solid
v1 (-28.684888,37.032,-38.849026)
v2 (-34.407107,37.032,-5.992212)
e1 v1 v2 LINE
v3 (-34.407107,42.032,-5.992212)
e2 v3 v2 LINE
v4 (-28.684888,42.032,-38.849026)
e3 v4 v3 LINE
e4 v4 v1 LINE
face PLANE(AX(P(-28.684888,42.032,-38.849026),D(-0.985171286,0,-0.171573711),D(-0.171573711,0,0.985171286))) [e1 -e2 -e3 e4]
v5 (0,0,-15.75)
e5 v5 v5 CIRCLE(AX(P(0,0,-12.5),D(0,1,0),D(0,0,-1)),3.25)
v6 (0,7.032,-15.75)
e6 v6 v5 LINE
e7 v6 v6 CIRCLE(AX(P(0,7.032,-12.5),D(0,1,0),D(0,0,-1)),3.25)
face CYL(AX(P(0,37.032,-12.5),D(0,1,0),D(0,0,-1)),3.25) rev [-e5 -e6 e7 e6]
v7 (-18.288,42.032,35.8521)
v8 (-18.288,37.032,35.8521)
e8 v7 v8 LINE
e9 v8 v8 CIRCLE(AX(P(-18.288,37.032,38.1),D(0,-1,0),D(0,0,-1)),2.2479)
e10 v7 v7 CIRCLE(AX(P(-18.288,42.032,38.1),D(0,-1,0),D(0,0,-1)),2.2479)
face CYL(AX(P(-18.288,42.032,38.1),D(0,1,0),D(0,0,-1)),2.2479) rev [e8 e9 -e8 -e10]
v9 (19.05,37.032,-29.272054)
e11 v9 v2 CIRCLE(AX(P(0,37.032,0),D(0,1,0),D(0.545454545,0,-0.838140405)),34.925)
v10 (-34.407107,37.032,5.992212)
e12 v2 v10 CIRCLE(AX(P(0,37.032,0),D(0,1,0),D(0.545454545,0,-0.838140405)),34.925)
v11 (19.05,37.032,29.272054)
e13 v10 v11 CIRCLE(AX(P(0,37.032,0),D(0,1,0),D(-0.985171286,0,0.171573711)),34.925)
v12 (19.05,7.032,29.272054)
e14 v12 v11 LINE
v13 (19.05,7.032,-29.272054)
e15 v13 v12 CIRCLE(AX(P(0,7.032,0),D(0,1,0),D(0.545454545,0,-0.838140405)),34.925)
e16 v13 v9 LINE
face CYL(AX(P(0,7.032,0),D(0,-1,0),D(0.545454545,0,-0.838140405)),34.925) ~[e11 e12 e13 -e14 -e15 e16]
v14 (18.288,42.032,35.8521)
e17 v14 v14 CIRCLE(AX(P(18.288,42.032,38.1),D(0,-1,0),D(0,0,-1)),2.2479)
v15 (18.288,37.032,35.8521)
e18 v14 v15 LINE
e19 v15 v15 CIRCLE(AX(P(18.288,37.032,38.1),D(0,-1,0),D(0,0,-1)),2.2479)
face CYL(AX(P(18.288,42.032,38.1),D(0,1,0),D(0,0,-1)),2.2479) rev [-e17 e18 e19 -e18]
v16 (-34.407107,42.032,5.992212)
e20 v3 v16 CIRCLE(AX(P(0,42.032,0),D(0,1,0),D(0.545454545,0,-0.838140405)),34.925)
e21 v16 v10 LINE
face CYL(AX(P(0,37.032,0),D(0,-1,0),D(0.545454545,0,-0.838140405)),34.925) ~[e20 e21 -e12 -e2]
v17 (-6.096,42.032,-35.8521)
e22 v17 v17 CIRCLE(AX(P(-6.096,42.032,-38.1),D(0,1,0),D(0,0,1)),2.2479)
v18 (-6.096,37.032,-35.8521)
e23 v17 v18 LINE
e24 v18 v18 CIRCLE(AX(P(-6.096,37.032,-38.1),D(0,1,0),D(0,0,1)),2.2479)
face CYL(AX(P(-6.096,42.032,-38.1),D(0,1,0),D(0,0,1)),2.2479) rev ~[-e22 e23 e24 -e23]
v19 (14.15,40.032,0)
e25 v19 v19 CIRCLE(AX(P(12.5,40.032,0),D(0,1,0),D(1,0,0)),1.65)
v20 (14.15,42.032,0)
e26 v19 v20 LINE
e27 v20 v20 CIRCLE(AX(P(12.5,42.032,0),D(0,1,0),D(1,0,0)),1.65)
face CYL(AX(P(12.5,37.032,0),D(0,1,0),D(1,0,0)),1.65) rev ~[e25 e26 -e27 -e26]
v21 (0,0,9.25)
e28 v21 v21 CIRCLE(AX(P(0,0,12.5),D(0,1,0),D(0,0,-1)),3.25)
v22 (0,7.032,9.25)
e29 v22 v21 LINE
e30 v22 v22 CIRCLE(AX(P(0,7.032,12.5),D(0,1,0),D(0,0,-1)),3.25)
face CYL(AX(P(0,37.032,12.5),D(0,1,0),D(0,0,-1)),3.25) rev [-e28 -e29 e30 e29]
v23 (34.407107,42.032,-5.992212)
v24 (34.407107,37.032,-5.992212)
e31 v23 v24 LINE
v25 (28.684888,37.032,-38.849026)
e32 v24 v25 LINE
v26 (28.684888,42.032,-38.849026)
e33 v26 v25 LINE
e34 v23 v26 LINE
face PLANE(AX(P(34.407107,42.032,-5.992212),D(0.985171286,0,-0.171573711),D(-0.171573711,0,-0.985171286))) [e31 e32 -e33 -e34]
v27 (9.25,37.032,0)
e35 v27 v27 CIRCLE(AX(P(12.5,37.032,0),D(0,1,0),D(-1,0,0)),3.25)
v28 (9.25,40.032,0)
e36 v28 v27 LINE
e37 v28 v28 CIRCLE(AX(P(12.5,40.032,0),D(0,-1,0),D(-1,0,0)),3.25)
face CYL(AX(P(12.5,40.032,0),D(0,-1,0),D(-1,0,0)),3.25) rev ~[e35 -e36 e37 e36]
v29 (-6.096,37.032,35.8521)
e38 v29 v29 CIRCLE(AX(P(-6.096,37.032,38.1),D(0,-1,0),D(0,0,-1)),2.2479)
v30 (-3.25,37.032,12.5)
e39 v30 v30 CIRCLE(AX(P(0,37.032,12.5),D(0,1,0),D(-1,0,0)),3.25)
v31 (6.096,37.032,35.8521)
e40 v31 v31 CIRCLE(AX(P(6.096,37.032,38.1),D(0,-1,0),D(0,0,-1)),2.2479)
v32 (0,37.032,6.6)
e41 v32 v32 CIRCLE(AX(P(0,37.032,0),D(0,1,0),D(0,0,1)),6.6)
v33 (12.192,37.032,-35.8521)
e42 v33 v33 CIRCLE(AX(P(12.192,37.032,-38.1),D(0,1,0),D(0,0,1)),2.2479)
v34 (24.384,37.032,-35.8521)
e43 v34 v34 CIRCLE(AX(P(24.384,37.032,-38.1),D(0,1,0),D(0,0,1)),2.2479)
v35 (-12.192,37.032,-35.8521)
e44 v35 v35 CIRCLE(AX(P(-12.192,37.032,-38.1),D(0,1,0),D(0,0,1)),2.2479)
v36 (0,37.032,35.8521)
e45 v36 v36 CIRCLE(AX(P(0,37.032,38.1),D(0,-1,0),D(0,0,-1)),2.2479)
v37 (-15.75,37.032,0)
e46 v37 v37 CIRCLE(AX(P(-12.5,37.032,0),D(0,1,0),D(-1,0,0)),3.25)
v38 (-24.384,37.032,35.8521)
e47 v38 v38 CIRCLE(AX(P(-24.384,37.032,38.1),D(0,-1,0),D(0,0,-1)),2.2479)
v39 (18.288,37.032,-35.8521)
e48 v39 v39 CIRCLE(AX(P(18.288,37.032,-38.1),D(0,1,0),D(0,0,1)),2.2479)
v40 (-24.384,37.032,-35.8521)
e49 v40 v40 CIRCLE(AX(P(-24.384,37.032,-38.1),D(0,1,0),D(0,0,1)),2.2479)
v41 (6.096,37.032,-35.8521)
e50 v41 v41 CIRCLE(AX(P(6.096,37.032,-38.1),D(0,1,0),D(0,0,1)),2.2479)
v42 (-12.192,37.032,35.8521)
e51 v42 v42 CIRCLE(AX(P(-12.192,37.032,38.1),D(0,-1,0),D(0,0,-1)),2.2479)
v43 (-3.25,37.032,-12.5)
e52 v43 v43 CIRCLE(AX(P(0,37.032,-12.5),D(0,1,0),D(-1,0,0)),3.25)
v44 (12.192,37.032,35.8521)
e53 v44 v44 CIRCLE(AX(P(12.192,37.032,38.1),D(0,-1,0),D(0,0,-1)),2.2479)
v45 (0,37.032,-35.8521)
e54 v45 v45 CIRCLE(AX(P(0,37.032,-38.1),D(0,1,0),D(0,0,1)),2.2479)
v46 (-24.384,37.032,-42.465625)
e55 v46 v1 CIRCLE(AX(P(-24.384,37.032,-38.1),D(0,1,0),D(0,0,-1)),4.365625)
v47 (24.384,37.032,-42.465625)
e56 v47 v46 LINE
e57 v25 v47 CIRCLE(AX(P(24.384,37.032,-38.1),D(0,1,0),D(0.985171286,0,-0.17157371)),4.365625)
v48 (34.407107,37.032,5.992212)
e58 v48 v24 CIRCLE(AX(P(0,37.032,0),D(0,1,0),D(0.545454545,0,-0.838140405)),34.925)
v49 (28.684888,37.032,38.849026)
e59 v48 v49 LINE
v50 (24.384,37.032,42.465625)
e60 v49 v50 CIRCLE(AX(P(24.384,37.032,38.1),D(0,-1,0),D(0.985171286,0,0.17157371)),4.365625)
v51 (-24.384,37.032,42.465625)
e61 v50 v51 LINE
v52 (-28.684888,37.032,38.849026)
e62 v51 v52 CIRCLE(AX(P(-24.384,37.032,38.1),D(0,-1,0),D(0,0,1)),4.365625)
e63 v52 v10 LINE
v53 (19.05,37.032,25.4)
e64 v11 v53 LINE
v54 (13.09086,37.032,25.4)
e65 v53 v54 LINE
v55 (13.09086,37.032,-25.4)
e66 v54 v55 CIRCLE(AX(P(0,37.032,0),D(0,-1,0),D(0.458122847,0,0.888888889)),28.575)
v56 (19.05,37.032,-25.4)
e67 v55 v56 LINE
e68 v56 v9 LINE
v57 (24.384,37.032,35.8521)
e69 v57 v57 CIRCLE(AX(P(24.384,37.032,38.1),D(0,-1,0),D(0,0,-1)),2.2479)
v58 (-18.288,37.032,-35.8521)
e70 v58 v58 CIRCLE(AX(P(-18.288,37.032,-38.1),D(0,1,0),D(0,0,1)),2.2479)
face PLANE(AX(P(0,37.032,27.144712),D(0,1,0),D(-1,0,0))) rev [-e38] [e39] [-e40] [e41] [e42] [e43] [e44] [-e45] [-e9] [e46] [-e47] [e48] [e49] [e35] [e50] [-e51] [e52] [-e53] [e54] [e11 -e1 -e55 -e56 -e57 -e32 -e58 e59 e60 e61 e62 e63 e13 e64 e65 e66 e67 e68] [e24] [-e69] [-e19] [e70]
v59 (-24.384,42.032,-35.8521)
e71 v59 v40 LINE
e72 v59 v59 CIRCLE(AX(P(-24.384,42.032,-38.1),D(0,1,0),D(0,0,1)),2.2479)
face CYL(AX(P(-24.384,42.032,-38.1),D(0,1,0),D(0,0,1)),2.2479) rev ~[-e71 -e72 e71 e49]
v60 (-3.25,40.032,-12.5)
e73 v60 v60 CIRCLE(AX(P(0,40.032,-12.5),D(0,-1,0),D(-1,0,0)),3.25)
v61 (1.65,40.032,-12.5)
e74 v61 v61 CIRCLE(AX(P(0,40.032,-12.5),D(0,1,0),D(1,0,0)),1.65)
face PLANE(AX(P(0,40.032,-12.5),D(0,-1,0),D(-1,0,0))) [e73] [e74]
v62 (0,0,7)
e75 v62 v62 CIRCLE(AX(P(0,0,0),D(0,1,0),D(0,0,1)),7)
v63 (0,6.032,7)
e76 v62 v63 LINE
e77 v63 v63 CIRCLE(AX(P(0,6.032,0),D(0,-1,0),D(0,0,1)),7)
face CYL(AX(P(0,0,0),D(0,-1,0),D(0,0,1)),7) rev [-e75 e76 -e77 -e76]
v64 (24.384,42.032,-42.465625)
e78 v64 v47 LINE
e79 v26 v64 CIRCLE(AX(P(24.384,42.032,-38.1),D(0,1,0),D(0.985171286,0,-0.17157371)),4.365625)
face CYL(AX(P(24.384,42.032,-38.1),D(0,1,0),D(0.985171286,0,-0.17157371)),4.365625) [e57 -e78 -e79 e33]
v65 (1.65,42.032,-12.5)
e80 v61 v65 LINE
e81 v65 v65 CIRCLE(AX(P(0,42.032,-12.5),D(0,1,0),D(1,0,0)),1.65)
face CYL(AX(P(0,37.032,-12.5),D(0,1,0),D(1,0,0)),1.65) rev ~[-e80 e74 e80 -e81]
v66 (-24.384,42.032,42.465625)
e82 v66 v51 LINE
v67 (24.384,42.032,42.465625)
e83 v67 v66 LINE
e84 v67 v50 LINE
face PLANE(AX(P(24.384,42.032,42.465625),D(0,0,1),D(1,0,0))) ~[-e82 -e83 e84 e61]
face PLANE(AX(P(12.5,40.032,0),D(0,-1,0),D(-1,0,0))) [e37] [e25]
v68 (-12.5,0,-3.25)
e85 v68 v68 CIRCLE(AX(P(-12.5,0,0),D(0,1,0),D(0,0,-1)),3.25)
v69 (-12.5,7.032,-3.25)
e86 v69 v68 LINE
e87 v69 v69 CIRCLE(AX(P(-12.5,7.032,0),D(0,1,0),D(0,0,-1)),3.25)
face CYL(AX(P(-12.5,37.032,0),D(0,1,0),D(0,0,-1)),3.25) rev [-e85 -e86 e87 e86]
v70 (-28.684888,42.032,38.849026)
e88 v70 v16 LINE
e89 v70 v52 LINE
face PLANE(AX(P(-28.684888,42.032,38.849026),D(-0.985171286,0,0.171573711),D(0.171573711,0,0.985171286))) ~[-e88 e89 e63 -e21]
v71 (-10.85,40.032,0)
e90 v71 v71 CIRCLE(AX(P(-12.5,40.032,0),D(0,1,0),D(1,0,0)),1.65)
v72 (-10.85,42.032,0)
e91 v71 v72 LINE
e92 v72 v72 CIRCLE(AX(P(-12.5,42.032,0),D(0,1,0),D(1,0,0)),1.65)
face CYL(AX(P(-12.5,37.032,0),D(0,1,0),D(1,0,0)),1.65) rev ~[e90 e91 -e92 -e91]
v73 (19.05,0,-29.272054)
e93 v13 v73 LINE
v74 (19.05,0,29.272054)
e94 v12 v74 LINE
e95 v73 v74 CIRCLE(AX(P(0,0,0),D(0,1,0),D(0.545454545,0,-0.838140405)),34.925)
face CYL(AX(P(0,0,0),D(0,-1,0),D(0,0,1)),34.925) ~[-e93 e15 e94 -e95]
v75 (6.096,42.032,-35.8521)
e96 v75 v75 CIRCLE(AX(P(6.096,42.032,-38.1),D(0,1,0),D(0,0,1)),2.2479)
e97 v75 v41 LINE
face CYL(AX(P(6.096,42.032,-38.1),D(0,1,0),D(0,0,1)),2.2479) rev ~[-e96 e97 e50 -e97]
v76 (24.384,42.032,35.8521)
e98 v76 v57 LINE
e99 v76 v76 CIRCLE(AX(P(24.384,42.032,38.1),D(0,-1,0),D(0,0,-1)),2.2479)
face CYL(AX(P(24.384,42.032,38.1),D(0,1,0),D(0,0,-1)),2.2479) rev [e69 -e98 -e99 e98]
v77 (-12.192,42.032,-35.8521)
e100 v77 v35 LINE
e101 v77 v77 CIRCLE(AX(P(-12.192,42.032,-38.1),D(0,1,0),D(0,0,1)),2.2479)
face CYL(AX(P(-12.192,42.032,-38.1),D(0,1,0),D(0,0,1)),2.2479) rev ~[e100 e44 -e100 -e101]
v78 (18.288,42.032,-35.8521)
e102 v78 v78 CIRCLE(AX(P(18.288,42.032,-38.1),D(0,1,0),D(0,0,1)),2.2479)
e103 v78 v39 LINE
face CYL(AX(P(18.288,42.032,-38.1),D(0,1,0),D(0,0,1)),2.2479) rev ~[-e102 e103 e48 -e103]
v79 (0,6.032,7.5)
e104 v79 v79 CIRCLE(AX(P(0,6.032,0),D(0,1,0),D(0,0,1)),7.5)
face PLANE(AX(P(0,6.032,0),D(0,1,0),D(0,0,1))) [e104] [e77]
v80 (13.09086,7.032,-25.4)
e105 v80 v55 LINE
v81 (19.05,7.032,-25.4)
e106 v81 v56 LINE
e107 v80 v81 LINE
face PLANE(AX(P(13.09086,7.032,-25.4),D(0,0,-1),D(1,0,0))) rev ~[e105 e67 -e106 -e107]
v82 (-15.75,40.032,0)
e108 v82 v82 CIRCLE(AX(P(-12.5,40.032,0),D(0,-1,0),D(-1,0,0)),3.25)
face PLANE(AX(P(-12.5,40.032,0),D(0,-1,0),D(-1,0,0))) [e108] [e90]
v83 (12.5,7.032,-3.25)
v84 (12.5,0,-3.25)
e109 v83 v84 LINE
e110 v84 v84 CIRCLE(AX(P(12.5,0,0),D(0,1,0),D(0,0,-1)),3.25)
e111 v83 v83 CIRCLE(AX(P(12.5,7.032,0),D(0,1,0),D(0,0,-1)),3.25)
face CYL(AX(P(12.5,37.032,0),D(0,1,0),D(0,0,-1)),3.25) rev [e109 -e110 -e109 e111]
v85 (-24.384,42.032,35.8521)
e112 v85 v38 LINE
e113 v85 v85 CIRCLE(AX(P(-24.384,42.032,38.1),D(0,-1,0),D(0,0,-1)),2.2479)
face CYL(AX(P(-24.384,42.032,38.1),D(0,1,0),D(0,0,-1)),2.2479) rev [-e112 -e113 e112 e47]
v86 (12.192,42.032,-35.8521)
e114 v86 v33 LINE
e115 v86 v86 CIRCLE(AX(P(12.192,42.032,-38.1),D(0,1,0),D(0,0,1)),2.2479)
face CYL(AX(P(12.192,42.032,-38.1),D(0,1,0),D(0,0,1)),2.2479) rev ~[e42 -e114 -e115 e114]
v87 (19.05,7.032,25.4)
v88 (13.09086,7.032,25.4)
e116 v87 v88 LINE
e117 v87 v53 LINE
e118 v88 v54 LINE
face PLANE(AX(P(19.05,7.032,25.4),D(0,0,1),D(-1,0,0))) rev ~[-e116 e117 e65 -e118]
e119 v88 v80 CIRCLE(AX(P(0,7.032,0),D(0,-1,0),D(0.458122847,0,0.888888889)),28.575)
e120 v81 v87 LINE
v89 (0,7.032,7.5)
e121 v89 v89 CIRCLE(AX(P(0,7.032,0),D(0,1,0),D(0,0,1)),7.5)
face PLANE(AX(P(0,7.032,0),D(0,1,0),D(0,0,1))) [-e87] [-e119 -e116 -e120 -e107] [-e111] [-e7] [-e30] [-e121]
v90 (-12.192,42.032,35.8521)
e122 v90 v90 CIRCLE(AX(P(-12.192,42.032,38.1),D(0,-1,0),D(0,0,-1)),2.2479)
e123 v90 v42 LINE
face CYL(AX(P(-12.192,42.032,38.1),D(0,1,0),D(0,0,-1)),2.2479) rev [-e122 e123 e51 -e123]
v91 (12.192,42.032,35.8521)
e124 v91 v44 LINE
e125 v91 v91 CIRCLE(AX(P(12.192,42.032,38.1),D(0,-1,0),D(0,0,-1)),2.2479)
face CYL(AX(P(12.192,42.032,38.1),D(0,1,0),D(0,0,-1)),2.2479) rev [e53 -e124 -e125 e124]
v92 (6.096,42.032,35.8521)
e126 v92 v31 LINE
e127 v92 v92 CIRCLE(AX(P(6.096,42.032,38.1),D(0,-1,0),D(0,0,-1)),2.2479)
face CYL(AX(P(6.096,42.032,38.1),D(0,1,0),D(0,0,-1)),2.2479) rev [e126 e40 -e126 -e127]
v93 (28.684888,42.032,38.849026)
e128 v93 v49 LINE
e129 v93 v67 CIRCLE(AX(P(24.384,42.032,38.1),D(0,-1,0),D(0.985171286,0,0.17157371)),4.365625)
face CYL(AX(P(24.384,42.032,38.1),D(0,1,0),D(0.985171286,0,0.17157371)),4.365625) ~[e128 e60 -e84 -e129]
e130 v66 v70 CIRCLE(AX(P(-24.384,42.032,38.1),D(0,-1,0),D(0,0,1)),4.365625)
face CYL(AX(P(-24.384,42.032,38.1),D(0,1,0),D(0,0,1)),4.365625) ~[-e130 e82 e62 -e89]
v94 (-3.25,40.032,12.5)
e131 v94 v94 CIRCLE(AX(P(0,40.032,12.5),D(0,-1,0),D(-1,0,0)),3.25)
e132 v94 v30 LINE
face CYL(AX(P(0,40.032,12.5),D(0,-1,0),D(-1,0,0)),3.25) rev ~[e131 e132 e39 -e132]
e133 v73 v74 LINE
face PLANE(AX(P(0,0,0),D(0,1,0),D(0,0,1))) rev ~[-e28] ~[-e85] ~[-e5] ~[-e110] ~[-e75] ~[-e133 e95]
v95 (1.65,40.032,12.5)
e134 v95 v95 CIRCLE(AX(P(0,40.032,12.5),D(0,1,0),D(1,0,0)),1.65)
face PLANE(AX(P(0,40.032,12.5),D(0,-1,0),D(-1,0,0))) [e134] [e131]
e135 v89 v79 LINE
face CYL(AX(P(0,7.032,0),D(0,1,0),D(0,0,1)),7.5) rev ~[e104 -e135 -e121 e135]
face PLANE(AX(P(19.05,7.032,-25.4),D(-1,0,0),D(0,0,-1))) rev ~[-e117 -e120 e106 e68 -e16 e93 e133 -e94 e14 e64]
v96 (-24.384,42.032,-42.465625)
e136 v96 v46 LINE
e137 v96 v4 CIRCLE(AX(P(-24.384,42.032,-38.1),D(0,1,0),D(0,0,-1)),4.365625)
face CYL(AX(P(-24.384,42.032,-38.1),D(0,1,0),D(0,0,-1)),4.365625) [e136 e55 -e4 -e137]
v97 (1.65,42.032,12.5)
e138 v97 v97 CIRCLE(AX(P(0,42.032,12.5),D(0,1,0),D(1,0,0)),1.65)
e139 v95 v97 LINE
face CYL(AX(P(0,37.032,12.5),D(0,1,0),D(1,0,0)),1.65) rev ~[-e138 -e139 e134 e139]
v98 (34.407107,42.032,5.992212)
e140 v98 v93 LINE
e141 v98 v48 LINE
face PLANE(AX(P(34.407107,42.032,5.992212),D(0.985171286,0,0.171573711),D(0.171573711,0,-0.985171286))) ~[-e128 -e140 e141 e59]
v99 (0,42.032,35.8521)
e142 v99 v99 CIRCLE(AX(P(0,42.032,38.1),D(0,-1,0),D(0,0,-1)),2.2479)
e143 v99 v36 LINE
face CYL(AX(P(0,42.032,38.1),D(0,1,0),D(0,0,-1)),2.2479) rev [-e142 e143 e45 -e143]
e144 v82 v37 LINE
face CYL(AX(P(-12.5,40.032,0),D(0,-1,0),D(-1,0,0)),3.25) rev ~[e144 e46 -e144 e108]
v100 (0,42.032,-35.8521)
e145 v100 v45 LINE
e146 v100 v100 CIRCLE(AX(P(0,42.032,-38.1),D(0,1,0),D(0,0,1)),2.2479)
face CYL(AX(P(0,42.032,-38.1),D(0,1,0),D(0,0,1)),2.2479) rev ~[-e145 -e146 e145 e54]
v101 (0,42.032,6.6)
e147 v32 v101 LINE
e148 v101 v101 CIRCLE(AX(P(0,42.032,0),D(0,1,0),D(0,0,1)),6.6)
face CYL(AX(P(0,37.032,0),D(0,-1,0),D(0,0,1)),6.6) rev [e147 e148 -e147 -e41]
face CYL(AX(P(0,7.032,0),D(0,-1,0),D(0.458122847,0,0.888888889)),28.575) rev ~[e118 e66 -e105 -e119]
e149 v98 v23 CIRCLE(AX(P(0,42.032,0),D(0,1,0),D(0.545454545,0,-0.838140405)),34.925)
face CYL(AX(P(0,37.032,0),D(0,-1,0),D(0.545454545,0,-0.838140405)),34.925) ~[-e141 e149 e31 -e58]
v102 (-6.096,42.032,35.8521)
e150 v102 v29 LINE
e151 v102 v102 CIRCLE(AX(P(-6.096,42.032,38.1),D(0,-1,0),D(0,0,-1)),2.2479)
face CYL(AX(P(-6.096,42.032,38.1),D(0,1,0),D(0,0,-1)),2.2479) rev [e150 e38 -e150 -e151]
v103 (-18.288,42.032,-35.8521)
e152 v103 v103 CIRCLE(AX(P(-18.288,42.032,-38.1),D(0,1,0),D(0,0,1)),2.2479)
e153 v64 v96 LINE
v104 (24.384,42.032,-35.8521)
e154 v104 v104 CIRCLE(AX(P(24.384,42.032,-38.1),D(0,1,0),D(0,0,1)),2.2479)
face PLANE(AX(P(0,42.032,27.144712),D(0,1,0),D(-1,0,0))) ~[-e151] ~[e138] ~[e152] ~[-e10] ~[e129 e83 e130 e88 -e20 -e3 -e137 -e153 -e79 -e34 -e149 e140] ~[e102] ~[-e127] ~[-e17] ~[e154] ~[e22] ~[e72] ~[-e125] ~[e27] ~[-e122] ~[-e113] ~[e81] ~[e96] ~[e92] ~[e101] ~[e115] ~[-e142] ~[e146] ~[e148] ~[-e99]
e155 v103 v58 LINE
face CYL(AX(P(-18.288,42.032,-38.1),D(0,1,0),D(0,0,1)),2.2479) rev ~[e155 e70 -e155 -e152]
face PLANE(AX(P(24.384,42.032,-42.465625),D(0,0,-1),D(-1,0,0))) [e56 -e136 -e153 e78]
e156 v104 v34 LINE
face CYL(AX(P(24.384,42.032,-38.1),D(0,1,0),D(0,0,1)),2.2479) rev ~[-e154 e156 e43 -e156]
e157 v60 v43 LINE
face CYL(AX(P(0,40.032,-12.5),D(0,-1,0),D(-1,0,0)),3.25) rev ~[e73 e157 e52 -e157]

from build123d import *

# Parameters (mm, degrees)
SKETCH1_R                      = 34.925
SKETCH1_R_2                    = 7
BOSS_EXTRUDE1_DEPTH            = 7.032
SKETCH2_R                      = 7.5
CUT_EXTRUDE1_DEPTH             = 1
BOSS_EXTRUDE2_DEPTH            = 30
CUT_EXTRUDE2_DEPTH             = 58.78850448
SKETCH6_R                      = 34.925
SKETCH6_R_2                    = 6.6
BOSS_EXTRUDE6_DEPTH            = 5
CBORE_FOR_M3_SHCS1_D           = 3.3
CBORE_FOR_M3_SHCS1_DEPTH       = 5
CBORE_FOR_M3_SHCS1_CBORE_D     = 6.5
CBORE_FOR_M3_SHCS1_CBORE_DEPTH = 3
SKETCH9_R                      = 3.25
CUT_EXTRUDE3_DEPTH             = 62.732327625
SKETCH10_R                     = 2.2479
BOSS_EXTRUDE7_DEPTH            = 5


with BuildPart() as part:
    # Sketch1 → Boss-Extrude1 (new body)
    with BuildSketch(Plane(origin=(0, 0, 0), x_dir=(1, 0, 0), z_dir=(0, 1, 0))):
        with Locations(Location((0, 0, 0), (0, 0, 270))):
            Circle(SKETCH1_R)
        with Locations(Location((0, 0, 0), (0, 0, 270))):
            Circle(SKETCH1_R_2, mode=Mode.SUBTRACT)
    extrude(amount=BOSS_EXTRUDE1_DEPTH)

    # Sketch2 → Cut-Extrude1 (cut)
    with BuildSketch(Plane(origin=(0, 7.032, 0), x_dir=(1, 0, 0), z_dir=(0, 1, 0))):
        with Locations(Location((0, 0, 0), (0, 0, 270))):
            Circle(SKETCH2_R)
    extrude(amount=-CUT_EXTRUDE1_DEPTH, mode=Mode.SUBTRACT)

    # Sketch3 → Boss-Extrude2 (add)
    with BuildSketch(Plane(origin=(0, 7.032, 0), x_dir=(1, 0, 0), z_dir=(0, 1, 0))):
        with BuildLine():
            Line((19.05, 25.4), (19.05, 29.272053652))
            ThreePointArc((19.05, 29.272053652), (-34.925, 0), (19.05, -29.272053652))
            Line((19.05, -29.272053652), (19.05, -25.4))
            Line((19.05, -25.4), (13.090860361, -25.4))
            ThreePointArc((13.090860361, -25.4), (-28.575, 0), (13.090860361, 25.4))
            Line((13.090860361, 25.4), (19.05, 25.4))
        make_face()
    extrude(amount=BOSS_EXTRUDE2_DEPTH)

    # Sketch3<3> → Cut-Extrude2 (cut, through all)
    with BuildSketch(Plane(origin=(0, 7.032, 0), x_dir=(1, 0, 0), z_dir=(0, 1, 0))):
        with BuildLine():
            ThreePointArc((19.05, -29.272053652), (34.925, 0), (19.05, 29.272053652))
            Line((19.05, 29.272053652), (19.05, 25.4))
            Line((19.05, 25.4), (19.05, -25.4))
            Line((19.05, -25.4), (19.05, -29.272053652))
        make_face()
    extrude(amount=-CUT_EXTRUDE2_DEPTH, mode=Mode.SUBTRACT)

    # Sketch6 → Boss-Extrude6 (add)
    with BuildSketch(Plane(origin=(0, 37.032, 0), x_dir=(1, 0, 0), z_dir=(0, 1, 0))):
        with Locations(Location((0, 0, 0), (0, 0, 56.944268849))):
            Circle(SKETCH6_R)
        with Locations(Location((0, 0, 0), (0, 0, 270))):
            Circle(SKETCH6_R_2, mode=Mode.SUBTRACT)
    extrude(amount=BOSS_EXTRUDE6_DEPTH)

    # CBORE for M3 SHCS1
    with Locations(Plane(origin=(0, 37.032, 0), x_dir=(-1, 0, 0), z_dir=(0, -1, 0))):
        with Locations((-12.5, 0), (0, -12.5), (0, 12.5), (12.5, 0)):
            CounterBoreHole(CBORE_FOR_M3_SHCS1_D / 2, CBORE_FOR_M3_SHCS1_CBORE_D / 2, CBORE_FOR_M3_SHCS1_CBORE_DEPTH, depth=CBORE_FOR_M3_SHCS1_DEPTH)

    # Sketch9 → Cut-Extrude3 (cut, through all)
    with BuildSketch(Plane.XZ.offset(-37.032)):
        with Locations(Location((0, 12.5, 0), (0, 0, 270))):
            Circle(SKETCH9_R)
        with Locations(Location((12.5, 0, 0), (0, 0, 270))):
            Circle(SKETCH9_R)
        with Locations(Location((0, -12.5, 0), (0, 0, 270))):
            Circle(SKETCH9_R)
        with Locations(Location((-12.5, 0, 0), (0, 0, 270))):
            Circle(SKETCH9_R)
    extrude(amount=CUT_EXTRUDE3_DEPTH, mode=Mode.SUBTRACT)

    # Sketch10 → Boss-Extrude7 (add)
    with BuildSketch(Plane(origin=(0, 42.032, 0), x_dir=(1, 0, 0), z_dir=(0, 1, 0))):
        with BuildLine():
            Line((-28.684888393, 38.84902648), (-34.407107147, 5.992211842))
            Line((-34.407107147, 5.992211842), (0, 34.925))
            Line((0, 34.925), (34.407107147, 5.992211842))
            Line((34.407107147, 5.992211842), (28.684888393, 38.84902648))
            ThreePointArc((28.684888393, 38.84902648), (27.193689744, 41.44130591), (24.384, 42.465625))
            Line((24.384, 42.465625), (-24.384, 42.465625))
            ThreePointArc((-24.384, 42.465625), (-27.193689744, 41.44130591), (-28.684888393, 38.84902648))
        make_face()
        with Locations(Location((-24.384, 38.1, 0), (0, 0, 270))):
            Circle(SKETCH10_R, mode=Mode.SUBTRACT)
        with Locations(Location((-18.288, 38.1, 0), (0, 0, 270))):
            Circle(SKETCH10_R, mode=Mode.SUBTRACT)
        with Locations(Location((-12.192, 38.1, 0), (0, 0, 270))):
            Circle(SKETCH10_R, mode=Mode.SUBTRACT)
        with Locations(Location((-6.096, 38.1, 0), (0, 0, 270))):
            Circle(SKETCH10_R, mode=Mode.SUBTRACT)
        with Locations(Location((0, 38.1, 0), (0, 0, 270))):
            Circle(SKETCH10_R, mode=Mode.SUBTRACT)
        with Locations(Location((6.096, 38.1, 0), (0, 0, 270))):
            Circle(SKETCH10_R, mode=Mode.SUBTRACT)
        with Locations(Location((12.192, 38.1, 0), (0, 0, 270))):
            Circle(SKETCH10_R, mode=Mode.SUBTRACT)
        with Locations(Location((18.288, 38.1, 0), (0, 0, 270))):
            Circle(SKETCH10_R, mode=Mode.SUBTRACT)
        with Locations(Location((24.384, 38.1, 0), (0, 0, 270))):
            Circle(SKETCH10_R, mode=Mode.SUBTRACT)
    boss_extrude7 = extrude(amount=-BOSS_EXTRUDE7_DEPTH)

    # Mirror1: Boss-Extrude7 across plane
    add(boss_extrude7.mirror(Plane.XY))


solid = part.part
